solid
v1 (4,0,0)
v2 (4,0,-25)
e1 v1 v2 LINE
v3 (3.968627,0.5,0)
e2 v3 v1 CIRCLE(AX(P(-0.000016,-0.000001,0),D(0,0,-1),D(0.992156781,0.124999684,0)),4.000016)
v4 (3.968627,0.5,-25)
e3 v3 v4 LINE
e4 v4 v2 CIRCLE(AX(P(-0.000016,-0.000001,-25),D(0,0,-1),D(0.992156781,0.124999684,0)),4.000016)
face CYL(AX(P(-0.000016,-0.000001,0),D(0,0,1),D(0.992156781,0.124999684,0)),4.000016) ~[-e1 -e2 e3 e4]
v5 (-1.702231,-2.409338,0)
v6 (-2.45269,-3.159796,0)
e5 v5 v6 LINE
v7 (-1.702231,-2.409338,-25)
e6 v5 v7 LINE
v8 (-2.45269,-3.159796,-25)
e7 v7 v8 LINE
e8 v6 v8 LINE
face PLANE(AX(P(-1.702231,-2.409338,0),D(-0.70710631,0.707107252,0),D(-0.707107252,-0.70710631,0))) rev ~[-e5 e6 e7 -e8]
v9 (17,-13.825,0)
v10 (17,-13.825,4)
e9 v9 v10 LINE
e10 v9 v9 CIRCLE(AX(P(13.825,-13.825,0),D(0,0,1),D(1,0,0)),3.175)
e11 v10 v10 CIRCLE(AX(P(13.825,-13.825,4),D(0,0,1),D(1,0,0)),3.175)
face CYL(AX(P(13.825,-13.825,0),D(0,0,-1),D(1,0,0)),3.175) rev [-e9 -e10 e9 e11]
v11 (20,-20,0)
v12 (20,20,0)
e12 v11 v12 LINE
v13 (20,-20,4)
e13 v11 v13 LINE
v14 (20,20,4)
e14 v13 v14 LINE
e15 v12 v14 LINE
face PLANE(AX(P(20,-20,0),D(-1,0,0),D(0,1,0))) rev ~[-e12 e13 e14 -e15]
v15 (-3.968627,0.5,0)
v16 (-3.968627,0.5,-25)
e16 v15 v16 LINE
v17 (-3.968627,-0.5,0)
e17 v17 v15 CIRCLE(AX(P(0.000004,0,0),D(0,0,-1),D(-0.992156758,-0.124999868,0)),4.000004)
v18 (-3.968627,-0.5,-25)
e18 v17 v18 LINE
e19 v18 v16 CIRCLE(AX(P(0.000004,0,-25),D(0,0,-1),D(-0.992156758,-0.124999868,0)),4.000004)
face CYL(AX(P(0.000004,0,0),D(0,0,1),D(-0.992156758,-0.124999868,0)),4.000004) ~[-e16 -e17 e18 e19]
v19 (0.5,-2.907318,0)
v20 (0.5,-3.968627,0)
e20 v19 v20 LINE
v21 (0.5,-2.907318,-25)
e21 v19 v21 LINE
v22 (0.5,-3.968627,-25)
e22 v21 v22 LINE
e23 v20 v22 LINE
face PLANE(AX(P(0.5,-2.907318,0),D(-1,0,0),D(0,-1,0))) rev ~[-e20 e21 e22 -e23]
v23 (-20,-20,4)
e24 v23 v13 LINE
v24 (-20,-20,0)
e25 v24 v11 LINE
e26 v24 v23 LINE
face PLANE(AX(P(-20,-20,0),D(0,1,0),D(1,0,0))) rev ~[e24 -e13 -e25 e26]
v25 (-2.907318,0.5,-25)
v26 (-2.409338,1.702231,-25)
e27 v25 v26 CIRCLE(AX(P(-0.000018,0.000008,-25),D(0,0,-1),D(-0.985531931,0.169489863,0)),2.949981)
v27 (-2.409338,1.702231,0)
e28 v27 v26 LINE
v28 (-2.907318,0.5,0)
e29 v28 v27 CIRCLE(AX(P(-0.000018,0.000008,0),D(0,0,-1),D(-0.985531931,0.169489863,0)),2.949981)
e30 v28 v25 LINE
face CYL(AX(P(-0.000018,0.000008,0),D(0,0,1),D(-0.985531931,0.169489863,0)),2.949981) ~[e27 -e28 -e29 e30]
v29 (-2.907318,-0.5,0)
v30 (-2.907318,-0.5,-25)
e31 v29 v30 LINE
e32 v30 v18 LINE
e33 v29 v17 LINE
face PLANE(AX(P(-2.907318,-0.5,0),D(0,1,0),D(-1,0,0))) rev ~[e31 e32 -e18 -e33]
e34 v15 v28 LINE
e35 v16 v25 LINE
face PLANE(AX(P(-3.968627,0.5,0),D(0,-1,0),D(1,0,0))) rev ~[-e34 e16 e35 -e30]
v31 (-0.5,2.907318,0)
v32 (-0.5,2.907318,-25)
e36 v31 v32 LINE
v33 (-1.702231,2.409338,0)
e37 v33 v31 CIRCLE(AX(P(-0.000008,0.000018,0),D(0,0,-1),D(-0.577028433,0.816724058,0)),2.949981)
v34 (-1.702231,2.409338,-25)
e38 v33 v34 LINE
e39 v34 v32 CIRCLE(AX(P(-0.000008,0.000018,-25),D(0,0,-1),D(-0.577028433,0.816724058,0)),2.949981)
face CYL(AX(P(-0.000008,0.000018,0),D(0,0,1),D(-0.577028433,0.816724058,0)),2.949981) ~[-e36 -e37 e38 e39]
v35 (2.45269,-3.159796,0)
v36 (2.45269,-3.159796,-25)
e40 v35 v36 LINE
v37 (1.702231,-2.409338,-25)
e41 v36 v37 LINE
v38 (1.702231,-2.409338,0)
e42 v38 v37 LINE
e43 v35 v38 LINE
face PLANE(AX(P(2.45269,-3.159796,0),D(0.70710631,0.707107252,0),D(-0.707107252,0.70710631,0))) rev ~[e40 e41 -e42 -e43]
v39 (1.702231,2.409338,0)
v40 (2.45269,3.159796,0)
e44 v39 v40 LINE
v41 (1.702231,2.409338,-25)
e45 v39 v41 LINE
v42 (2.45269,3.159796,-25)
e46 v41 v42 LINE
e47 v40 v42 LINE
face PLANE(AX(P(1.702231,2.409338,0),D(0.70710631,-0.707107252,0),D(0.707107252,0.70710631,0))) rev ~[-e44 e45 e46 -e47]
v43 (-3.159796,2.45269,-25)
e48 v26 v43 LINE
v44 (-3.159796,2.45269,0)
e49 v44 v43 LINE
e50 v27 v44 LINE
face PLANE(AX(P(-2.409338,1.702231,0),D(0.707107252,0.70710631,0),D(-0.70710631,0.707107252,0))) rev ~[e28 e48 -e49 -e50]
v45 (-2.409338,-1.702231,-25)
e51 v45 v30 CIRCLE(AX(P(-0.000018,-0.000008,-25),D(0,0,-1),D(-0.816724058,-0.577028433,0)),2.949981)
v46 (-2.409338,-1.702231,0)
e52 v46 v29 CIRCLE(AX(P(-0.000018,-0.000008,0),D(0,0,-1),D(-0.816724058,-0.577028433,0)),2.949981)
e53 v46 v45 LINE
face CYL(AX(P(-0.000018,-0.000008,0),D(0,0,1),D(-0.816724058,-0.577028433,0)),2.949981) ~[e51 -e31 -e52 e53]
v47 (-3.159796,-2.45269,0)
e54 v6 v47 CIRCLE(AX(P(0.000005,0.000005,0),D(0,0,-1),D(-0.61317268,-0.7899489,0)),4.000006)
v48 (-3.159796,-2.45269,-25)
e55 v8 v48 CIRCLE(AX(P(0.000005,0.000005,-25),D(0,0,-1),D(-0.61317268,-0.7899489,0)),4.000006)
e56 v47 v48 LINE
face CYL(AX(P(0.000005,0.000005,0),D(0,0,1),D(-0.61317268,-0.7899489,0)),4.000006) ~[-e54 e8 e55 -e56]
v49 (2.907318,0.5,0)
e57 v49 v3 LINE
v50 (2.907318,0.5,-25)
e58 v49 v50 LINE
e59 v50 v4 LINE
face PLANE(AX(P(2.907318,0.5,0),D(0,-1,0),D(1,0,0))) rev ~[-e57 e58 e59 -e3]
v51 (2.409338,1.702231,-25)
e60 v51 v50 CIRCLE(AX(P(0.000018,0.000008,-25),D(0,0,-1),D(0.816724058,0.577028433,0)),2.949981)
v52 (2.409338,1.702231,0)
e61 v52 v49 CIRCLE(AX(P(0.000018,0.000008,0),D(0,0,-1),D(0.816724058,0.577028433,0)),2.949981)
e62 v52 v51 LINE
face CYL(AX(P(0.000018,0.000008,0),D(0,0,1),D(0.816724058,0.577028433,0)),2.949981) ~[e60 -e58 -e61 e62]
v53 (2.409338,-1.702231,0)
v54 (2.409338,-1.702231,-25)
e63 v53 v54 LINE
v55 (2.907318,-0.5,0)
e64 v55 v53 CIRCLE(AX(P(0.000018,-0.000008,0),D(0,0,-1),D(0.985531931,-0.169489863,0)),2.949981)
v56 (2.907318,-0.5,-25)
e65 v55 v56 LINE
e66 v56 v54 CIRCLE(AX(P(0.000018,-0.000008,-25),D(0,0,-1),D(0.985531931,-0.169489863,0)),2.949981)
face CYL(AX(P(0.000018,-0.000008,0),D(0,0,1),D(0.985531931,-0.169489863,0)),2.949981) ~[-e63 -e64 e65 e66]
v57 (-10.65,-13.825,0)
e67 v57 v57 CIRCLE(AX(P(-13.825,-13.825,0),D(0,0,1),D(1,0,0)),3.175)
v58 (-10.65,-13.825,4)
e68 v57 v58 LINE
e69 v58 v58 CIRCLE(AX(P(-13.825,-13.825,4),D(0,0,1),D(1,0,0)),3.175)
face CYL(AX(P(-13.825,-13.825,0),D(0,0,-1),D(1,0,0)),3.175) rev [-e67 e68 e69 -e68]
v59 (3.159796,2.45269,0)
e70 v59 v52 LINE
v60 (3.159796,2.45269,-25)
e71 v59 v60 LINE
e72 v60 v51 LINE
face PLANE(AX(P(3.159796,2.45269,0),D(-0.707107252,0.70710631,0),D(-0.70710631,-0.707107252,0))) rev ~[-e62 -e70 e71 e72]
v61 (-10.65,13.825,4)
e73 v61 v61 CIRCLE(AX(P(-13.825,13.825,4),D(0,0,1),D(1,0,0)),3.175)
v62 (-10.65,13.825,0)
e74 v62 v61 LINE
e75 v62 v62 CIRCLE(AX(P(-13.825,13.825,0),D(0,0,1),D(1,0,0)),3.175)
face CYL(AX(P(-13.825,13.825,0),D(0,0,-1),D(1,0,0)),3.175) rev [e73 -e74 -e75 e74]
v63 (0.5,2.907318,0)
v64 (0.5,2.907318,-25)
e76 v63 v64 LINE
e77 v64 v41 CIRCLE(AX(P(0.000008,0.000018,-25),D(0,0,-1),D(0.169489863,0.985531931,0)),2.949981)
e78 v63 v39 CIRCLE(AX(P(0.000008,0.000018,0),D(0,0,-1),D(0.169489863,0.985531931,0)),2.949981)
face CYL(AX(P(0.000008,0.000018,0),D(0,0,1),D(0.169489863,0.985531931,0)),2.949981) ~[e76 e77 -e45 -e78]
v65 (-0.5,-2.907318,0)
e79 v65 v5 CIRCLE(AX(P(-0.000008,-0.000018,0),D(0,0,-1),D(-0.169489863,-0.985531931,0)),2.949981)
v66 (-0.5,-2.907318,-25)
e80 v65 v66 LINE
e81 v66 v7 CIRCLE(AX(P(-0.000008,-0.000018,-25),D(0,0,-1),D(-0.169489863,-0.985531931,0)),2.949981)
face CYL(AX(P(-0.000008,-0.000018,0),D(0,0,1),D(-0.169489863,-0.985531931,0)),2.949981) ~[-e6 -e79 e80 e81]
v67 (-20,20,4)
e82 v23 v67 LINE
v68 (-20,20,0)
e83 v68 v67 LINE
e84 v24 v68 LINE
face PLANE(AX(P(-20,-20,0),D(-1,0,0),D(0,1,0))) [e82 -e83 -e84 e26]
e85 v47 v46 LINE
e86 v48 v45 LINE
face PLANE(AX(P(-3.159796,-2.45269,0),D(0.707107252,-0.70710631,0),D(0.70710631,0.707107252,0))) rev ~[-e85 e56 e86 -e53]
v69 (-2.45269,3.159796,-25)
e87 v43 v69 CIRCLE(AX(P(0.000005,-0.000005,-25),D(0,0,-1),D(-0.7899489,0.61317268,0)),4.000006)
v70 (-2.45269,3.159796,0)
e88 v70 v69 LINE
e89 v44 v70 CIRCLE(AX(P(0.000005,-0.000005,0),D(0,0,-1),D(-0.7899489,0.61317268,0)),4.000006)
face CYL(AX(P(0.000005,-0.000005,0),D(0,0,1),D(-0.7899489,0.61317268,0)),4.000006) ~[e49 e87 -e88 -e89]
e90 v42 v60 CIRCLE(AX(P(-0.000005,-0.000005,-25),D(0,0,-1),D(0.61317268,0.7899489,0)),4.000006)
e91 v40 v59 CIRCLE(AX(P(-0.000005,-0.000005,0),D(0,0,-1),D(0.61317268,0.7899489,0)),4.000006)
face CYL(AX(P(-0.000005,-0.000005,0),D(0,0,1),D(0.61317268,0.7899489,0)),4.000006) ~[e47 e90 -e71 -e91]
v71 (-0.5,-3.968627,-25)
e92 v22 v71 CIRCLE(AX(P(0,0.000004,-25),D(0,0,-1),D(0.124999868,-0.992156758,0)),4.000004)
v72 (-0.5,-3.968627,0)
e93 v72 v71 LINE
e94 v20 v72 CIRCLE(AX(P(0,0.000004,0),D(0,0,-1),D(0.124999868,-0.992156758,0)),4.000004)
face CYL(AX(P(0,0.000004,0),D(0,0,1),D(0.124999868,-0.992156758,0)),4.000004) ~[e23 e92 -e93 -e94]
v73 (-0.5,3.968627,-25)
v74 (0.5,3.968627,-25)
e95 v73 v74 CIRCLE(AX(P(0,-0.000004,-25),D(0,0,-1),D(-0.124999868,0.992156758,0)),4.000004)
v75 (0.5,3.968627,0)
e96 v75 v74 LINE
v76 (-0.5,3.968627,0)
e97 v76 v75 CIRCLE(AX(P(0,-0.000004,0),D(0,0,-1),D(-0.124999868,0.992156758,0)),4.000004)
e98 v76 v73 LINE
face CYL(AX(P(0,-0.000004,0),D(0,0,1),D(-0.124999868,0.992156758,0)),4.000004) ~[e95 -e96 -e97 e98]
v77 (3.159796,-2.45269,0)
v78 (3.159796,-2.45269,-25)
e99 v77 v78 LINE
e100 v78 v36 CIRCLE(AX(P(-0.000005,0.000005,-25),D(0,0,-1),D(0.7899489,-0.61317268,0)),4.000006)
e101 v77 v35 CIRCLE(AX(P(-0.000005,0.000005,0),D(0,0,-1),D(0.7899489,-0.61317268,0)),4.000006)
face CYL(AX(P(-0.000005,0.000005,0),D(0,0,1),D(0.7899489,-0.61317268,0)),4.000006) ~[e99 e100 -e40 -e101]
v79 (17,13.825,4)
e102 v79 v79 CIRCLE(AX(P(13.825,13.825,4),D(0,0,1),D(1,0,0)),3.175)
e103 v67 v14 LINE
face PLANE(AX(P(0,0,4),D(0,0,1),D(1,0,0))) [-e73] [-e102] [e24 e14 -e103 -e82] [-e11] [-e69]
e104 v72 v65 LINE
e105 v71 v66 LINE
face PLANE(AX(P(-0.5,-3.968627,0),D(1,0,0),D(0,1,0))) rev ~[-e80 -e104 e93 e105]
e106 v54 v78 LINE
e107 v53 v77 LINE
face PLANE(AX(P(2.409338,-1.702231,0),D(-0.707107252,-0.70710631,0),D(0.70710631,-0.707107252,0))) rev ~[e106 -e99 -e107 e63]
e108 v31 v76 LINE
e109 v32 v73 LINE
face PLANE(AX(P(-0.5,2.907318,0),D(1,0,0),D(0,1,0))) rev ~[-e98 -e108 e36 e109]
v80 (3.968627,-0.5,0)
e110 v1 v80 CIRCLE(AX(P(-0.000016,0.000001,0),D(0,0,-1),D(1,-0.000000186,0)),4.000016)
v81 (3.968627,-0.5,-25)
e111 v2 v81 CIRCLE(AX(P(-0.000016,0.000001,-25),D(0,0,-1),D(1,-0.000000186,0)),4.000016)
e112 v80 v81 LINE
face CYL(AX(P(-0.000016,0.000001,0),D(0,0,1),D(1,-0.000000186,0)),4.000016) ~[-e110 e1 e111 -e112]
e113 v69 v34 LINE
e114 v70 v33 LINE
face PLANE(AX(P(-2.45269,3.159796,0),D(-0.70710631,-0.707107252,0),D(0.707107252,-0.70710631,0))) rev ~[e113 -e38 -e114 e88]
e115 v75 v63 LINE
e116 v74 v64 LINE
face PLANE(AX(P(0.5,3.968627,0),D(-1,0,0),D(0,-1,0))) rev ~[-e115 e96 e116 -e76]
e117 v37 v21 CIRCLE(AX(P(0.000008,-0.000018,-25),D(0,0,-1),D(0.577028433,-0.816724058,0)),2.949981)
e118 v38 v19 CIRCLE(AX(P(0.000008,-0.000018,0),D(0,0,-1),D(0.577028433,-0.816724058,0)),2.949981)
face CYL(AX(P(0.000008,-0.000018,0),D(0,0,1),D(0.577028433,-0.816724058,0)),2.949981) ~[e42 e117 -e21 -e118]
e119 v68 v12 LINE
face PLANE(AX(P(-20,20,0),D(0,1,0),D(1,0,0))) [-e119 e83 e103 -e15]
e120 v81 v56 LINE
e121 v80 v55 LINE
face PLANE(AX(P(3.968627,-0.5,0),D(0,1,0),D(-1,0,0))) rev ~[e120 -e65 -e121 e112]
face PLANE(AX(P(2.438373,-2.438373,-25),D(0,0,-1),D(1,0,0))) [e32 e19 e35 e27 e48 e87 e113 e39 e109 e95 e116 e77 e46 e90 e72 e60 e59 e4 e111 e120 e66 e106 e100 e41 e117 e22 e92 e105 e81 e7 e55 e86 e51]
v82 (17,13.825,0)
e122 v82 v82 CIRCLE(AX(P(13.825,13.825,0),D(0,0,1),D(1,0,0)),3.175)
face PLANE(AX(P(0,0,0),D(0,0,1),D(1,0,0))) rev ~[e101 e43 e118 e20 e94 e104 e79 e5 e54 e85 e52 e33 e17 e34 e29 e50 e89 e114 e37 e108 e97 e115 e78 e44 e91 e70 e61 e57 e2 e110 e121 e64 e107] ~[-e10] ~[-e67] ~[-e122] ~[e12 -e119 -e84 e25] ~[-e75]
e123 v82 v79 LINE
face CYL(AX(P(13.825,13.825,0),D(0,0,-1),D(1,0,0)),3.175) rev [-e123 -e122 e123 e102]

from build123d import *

# Parameters (mm, degrees)
F0_W     = 40
F0_H     = 40
F0_R     = 3.175
F1_DEPTH = 4
F3_DEPTH = 25


with BuildPart() as f1:
    # F0 (on Top) → F1 (new body)
    with BuildSketch(Plane.XY):
        Rectangle(F0_W, F0_H)
        with Locations((-13.825, -13.825)):
            Circle(F0_R, mode=Mode.SUBTRACT)
        with Locations((13.825, -13.825)):
            Circle(F0_R, mode=Mode.SUBTRACT)
        with Locations((-13.825, 13.825)):
            Circle(F0_R, mode=Mode.SUBTRACT)
        with Locations((13.825, 13.825)):
            Circle(F0_R, mode=Mode.SUBTRACT)
    extrude(amount=F1_DEPTH)

    # F2 (on face) → F3 (join)
    with BuildSketch(Plane(origin=(0, 0, 0), x_dir=(1, 0, 0), z_dir=(0, 0, -1))):
        with BuildLine():
            ThreePointArc((1.702231, 2.409338), (2.085965, 2.085965), (2.409338, 1.702231))
            Line((2.409338, 1.702231), (3.159796, 2.45269))
            ThreePointArc((3.159796, 2.45269), (2.828427, 2.828427), (2.45269, 3.159796))
            Line((2.45269, 3.159796), (1.702231, 2.409338))
        make_face()
        with BuildLine():
            ThreePointArc((-0.5, 2.907318), (0, 2.95), (0.5, 2.907318))
            Line((0.5, 2.907318), (0.5, 3.968627))
            ThreePointArc((0.5, 3.968627), (0, 4), (-0.5, 3.968627))
            Line((-0.5, 3.968627), (-0.5, 2.907318))
        make_face()
        with BuildLine():
            ThreePointArc((-2.409338, 1.702231), (-2.085965, 2.085965), (-1.702231, 2.409338))
            Line((-1.702231, 2.409338), (-2.45269, 3.159796))
            ThreePointArc((-2.45269, 3.159796), (-2.828427, 2.828427), (-3.159796, 2.45269))
            Line((-3.159796, 2.45269), (-2.409338, 1.702231))
        make_face()
        with BuildLine():
            ThreePointArc((-2.907318, -0.5), (-2.95, 0), (-2.907318, 0.5))
            Line((-2.907318, 0.5), (-3.968627, 0.5))
            ThreePointArc((-3.968627, 0.5), (-4, 0), (-3.968627, -0.5))
            Line((-3.968627, -0.5), (-2.907318, -0.5))
        make_face()
        with BuildLine():
            Line((-2.45269, -3.159796), (-1.702231, -2.409338))
            ThreePointArc((-1.702231, -2.409338), (-2.085965, -2.085965), (-2.409338, -1.702231))
            Line((-2.409338, -1.702231), (-3.159796, -2.45269))
            ThreePointArc((-3.159796, -2.45269), (-2.828427, -2.828427), (-2.45269, -3.159796))
        make_face()
        with BuildLine():
            Line((0.5, -3.968627), (0.5, -2.907318))
            ThreePointArc((0.5, -2.907318), (0, -2.95), (-0.5, -2.907318))
            Line((-0.5, -2.907318), (-0.5, -3.968627))
            ThreePointArc((-0.5, -3.968627), (0, -4), (0.5, -3.968627))
        make_face()
        with BuildLine():
            Line((3.159796, -2.45269), (2.409338, -1.702231))
            ThreePointArc((2.409338, -1.702231), (2.085965, -2.085965), (1.702231, -2.409338))
            Line((1.702231, -2.409338), (2.45269, -3.159796))
            ThreePointArc((2.45269, -3.159796), (2.828427, -2.828427), (3.159796, -2.45269))
        make_face()
        with BuildLine():
            ThreePointArc((2.907318, 0.5), (2.93931, 0.250909), (2.95, 0))
            ThreePointArc((2.95, 0), (2.93931, -0.250909), (2.907318, -0.5))
            Line((2.907318, -0.5), (3.968627, -0.5))
            ThreePointArc((3.968627, -0.5), (3.992149, -0.250492), (4, 0))
            ThreePointArc((4, 0), (3.992149, 0.250492), (3.968627, 0.5))
            Line((3.968627, 0.5), (2.907318, 0.5))
        make_face()
        with BuildLine():
            ThreePointArc((2.907318, -0.5), (2.93931, -0.250909), (2.95, 0))
            ThreePointArc((2.95, 0), (2.93931, 0.250909), (2.907318, 0.5))
            ThreePointArc((2.907318, 0.5), (2.725445, 1.128916), (2.409338, 1.702231))
            ThreePointArc((2.409338, 1.702231), (2.085965, 2.085965), (1.702231, 2.409338))
            ThreePointArc((1.702231, 2.409338), (1.128916, 2.725445), (0.5, 2.907318))
            ThreePointArc((0.5, 2.907318), (0, 2.95), (-0.5, 2.907318))
            ThreePointArc((-0.5, 2.907318), (-1.128916, 2.725445), (-1.702231, 2.409338))
            ThreePointArc((-1.702231, 2.409338), (-2.085965, 2.085965), (-2.409338, 1.702231))
            ThreePointArc((-2.409338, 1.702231), (-2.725445, 1.128916), (-2.907318, 0.5))
            ThreePointArc((-2.907318, 0.5), (-2.95, 0), (-2.907318, -0.5))
            ThreePointArc((-2.907318, -0.5), (-2.725445, -1.128916), (-2.409338, -1.702231))
            ThreePointArc((-2.409338, -1.702231), (-2.085965, -2.085965), (-1.702231, -2.409338))
            ThreePointArc((-1.702231, -2.409338), (-1.128916, -2.725445), (-0.5, -2.907318))
            ThreePointArc((-0.5, -2.907318), (0, -2.95), (0.5, -2.907318))
            ThreePointArc((0.5, -2.907318), (1.128916, -2.725445), (1.702231, -2.409338))
            ThreePointArc((1.702231, -2.409338), (2.085965, -2.085965), (2.409338, -1.702231))
            ThreePointArc((2.409338, -1.702231), (2.725445, -1.128916), (2.907318, -0.5))
        make_face()
    extrude(amount=F3_DEPTH)


solid = f1.part
